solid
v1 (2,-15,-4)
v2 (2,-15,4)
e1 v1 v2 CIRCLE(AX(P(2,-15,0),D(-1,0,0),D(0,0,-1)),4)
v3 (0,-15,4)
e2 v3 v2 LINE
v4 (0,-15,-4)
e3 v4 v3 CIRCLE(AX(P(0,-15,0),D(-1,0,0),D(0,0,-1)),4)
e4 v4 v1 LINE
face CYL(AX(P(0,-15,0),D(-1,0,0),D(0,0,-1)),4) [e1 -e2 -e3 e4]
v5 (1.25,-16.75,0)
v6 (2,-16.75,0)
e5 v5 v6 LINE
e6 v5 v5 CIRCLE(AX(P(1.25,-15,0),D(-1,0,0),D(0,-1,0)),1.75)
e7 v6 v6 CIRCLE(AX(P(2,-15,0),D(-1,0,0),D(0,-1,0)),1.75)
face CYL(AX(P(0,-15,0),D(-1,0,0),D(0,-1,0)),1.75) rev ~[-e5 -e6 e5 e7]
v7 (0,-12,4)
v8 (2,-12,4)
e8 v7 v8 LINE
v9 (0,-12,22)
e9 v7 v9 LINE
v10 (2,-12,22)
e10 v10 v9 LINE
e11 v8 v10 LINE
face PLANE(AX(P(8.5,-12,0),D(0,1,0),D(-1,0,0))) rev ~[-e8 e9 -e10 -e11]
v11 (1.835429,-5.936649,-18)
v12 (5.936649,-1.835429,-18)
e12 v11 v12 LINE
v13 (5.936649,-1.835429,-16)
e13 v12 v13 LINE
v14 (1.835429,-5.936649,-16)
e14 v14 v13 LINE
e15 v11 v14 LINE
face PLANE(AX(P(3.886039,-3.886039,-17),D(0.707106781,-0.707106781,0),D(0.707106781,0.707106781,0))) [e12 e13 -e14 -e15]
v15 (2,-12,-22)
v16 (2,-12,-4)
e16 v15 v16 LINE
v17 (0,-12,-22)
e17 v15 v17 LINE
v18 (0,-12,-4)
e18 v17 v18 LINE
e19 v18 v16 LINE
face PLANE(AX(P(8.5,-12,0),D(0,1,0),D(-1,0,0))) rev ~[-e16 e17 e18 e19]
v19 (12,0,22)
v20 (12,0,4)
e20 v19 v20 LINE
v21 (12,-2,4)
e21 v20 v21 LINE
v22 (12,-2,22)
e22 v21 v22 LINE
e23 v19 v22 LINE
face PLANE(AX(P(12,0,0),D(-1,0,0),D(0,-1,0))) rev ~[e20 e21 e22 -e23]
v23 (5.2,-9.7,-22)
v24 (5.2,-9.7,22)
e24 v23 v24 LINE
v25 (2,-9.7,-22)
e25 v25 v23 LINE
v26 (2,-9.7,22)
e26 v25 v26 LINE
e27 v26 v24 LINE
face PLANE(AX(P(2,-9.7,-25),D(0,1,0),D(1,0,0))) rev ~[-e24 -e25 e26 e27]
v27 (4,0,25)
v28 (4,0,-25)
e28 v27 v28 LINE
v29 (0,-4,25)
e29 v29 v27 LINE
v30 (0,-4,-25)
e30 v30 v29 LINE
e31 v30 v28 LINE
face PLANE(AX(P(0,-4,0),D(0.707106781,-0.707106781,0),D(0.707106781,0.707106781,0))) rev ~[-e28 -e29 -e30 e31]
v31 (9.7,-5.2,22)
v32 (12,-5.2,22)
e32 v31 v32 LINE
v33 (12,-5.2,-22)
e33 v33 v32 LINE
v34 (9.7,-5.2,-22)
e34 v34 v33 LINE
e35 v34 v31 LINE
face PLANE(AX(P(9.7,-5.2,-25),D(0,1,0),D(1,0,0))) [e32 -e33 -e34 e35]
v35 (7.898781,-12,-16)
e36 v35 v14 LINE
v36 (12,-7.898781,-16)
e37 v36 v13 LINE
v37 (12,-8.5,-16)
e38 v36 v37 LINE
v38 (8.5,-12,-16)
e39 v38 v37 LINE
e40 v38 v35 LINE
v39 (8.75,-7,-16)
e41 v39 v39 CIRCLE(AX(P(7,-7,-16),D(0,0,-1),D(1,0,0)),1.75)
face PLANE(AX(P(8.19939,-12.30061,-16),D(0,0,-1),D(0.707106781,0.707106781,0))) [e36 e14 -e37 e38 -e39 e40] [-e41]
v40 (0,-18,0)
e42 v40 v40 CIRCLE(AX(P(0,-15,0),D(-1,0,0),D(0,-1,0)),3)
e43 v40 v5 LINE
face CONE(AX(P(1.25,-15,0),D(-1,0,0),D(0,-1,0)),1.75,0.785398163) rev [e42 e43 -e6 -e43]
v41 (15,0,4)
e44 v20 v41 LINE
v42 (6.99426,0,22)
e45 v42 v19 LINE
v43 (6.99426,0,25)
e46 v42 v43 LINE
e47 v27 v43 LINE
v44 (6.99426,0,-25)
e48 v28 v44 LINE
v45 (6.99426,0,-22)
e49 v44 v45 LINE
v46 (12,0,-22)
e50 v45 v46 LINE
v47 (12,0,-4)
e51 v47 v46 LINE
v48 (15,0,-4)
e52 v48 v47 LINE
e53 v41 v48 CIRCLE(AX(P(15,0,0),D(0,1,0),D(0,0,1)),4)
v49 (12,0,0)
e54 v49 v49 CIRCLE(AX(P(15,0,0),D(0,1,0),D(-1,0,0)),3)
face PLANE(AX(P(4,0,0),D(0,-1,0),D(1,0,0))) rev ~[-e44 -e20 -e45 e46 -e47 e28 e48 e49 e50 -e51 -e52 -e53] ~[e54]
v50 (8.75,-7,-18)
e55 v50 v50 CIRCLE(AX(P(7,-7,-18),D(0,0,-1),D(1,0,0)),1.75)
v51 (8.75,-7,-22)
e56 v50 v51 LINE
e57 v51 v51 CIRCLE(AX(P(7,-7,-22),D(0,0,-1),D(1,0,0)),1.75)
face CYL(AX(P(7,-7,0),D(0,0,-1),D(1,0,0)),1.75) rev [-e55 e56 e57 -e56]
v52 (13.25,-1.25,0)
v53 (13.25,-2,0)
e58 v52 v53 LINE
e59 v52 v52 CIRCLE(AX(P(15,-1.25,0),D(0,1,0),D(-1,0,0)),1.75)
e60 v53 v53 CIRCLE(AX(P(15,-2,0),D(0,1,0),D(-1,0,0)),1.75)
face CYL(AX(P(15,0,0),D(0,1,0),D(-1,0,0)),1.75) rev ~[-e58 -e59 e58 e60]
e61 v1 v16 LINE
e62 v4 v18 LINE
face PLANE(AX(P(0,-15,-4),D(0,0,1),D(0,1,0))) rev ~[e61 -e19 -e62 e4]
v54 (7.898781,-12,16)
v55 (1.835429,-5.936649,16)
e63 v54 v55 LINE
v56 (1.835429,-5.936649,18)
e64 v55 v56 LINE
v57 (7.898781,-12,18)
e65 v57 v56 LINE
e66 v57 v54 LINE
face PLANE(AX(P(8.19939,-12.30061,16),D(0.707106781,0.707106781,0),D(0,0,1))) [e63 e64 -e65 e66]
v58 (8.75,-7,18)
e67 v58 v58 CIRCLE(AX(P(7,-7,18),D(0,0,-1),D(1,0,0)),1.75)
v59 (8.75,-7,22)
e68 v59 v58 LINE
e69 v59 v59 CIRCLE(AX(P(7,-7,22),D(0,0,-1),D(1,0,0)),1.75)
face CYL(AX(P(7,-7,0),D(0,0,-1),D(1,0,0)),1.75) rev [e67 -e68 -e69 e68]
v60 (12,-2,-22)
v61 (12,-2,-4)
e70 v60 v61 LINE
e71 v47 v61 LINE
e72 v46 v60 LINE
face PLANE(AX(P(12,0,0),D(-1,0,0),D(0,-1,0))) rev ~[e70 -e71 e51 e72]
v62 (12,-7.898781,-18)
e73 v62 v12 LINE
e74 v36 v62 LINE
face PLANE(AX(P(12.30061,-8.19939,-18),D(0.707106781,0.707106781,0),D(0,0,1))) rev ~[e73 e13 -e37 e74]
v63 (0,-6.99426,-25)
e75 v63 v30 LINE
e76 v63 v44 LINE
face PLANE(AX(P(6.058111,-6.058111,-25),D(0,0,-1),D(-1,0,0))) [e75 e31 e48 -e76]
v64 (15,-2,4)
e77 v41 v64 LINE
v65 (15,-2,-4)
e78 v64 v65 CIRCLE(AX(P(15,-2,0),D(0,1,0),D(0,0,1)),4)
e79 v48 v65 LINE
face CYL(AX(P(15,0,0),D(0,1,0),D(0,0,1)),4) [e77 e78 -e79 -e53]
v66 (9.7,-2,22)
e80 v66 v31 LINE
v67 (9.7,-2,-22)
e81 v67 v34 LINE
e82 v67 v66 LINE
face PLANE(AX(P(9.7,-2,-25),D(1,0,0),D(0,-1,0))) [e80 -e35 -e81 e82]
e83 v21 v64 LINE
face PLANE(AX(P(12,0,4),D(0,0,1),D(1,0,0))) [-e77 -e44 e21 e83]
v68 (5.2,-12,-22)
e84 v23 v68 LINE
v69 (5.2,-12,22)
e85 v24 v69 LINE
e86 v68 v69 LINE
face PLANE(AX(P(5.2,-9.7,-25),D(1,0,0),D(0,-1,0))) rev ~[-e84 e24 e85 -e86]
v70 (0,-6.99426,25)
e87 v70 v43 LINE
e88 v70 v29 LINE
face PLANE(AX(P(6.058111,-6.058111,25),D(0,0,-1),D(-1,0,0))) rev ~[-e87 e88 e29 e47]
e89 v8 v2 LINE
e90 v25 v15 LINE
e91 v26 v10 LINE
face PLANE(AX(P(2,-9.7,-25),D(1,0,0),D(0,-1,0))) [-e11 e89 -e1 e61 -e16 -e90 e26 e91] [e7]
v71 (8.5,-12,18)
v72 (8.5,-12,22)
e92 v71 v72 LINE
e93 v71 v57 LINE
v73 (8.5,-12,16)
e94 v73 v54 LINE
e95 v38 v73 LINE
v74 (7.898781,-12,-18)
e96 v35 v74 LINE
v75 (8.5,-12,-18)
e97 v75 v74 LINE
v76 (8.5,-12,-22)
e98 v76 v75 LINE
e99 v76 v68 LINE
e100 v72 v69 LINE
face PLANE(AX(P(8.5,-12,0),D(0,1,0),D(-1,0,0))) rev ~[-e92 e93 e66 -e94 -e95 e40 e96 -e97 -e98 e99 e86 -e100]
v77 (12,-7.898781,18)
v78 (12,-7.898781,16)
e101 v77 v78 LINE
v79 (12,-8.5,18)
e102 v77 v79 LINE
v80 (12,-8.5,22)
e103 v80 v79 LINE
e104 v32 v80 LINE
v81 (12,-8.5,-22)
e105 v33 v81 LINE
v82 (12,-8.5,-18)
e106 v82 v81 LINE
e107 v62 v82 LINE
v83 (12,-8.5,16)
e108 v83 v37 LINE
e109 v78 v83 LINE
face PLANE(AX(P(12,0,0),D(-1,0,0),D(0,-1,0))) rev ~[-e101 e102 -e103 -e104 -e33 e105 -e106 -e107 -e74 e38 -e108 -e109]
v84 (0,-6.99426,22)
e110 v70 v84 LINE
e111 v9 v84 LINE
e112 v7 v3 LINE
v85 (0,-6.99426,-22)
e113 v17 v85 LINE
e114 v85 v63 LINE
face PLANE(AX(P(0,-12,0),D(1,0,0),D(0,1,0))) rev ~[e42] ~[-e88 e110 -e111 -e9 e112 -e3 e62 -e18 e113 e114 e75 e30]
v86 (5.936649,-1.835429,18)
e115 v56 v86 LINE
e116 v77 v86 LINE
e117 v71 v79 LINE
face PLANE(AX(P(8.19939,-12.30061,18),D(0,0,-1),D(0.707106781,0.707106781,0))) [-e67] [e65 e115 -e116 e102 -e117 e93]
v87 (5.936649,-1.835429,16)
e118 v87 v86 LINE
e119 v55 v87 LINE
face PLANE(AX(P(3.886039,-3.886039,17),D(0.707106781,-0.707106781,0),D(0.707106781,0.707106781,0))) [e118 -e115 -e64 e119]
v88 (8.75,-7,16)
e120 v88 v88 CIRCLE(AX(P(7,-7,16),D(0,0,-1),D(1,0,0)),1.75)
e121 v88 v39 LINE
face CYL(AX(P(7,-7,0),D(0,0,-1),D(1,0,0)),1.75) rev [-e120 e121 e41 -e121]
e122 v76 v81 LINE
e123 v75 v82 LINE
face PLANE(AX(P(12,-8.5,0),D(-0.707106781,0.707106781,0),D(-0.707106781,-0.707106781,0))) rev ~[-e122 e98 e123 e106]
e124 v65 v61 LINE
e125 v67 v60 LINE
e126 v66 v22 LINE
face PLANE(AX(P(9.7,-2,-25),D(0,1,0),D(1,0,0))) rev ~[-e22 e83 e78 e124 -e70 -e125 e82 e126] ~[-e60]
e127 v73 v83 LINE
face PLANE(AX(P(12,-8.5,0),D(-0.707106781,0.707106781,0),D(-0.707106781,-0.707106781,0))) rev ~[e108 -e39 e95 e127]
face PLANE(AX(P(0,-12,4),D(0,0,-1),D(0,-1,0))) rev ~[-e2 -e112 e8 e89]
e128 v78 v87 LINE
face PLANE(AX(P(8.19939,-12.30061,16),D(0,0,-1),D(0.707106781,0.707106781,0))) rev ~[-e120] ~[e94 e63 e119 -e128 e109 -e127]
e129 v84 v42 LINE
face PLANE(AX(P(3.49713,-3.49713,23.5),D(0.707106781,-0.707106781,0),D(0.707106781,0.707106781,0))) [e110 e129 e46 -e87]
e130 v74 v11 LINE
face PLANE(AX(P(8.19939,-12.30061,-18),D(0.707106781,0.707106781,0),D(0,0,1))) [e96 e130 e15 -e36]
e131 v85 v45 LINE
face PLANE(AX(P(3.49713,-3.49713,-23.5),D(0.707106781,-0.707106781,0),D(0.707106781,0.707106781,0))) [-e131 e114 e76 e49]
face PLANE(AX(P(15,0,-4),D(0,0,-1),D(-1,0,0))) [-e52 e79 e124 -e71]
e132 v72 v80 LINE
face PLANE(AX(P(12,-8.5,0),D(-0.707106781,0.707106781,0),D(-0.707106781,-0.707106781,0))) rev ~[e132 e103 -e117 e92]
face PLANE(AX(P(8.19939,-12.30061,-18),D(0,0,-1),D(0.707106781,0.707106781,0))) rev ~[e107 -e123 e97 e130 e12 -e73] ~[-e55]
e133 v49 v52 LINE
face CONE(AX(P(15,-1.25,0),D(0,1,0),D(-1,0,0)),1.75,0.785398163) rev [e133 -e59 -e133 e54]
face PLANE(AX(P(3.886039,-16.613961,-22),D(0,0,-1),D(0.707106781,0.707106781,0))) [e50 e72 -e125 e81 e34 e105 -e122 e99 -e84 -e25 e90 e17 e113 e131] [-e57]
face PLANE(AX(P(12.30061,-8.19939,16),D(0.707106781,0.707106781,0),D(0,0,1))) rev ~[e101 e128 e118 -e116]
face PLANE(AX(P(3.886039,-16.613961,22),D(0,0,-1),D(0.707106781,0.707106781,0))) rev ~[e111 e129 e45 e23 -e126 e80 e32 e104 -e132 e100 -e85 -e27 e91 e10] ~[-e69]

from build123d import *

# Parameters (mm, degrees)
SKETCH_R        = 1.75
PAD_DEPTH       = 25
SKETCH001_W     = 18
SKETCH001_H     = 3
POCKET_DEPTH    = 9.55
SKETCH002_W     = 5.8
SKETCH002_H     = 2
POCKET001_DEPTH = 9
SKETCH003_W     = 3.2
SKETCH003_H     = 2.3
SKETCH003_W_2   = 2.3
SKETCH003_H_2   = 3.2
POCKET002_DEPTH = 50.001
SKETCH004_R     = 1.75
PAD001_DEPTH    = 2
SKETCH005_R     = 1.75
PAD002_DEPTH    = 2
CHAMFER_SIZE    = 1.25


with BuildPart() as part:
    # Sketch → Pad (new body, symmetric)
    with BuildSketch(Plane.XY):
        Polygon((0, -4), (4, 0), (12, 0), (12, -8.5), (8.5, -12), (0, -12), align=None)
        with Locations((7, -7)):
            Circle(SKETCH_R, mode=Mode.SUBTRACT)
    extrude(amount=PAD_DEPTH, both=True)

    # Sketch001 (on Face4 of Pad) → Pocket (cut)
    with BuildSketch(Plane(origin=(10.25, -10.25, 0), x_dir=(0.707107, 0.707107, 0), z_dir=(0.707107, -0.707107, 0))):
        with Locations((0, 23.5)):
            Rectangle(SKETCH001_W, SKETCH001_H)
        with Locations((0, -23.5)):
            Rectangle(SKETCH001_W, SKETCH001_H)
    extrude(amount=-POCKET_DEPTH, mode=Mode.SUBTRACT)

    # Sketch002 (on Face12 of Pocket) → Pocket001 (cut)
    with BuildSketch(Plane(origin=(10.25, -10.25, 0), x_dir=(0.707107, 0.707107, 0), z_dir=(0.707107, -0.707107, 0))):
        with Locations((0, 17)):
            Rectangle(SKETCH002_W, SKETCH002_H)
        with Locations((0, -17)):
            Rectangle(SKETCH002_W, SKETCH002_H)
    extrude(amount=-POCKET001_DEPTH, mode=Mode.SUBTRACT)

    # Sketch003 (on Face4 of Pocket001) → Pocket002 (cut, through all)
    with BuildSketch(Plane(origin=(0, 0, -25), x_dir=(1, 0, 0), z_dir=(0, 0, -1))):
        with Locations((3.6, 10.85)):
            Rectangle(SKETCH003_W, SKETCH003_H)
        with Locations((10.85, 3.6)):
            Rectangle(SKETCH003_W_2, SKETCH003_H_2)
    extrude(amount=-POCKET002_DEPTH, mode=Mode.SUBTRACT)

    # Sketch004 (on Face2 of Pocket002) → Pad001 (join)
    with BuildSketch(Plane(origin=(0, 0, 0), x_dir=(0, -1, 0), z_dir=(-1, 0, 0))):
        with BuildLine():
            Line((12, 4), (15, 4))
            ThreePointArc((15, -4), (19, 0), (15, 4))
            Line((15, -4), (12, -4))
            Line((12, -4), (12, 4))
        make_face()
        with Locations((15, 0)):
            Circle(SKETCH004_R, mode=Mode.SUBTRACT)
    extrude(amount=-PAD001_DEPTH)

    # Sketch005 (on Face3 of Pad001) → Pad002 (join)
    with BuildSketch(Plane(origin=(0, 0, 0), x_dir=(-1, 0, 0), z_dir=(0, 1, 0))):
        with BuildLine():
            Line((-12, 4), (-15, 4))
            ThreePointArc((-15, 4), (-19, 0), (-15, -4))
            Line((-15, -4), (-12, -4))
            Line((-12, -4), (-12, 4))
        make_face()
        with Locations((-15, 0)):
            Circle(SKETCH005_R, mode=Mode.SUBTRACT)
    extrude(amount=-PAD002_DEPTH)

    # Chamfer
    chamfer_edges = [part.edges().sort_by_distance(p)[0] for p in [
        (16.75, 0, 0),
        (0, -13.25, 0),
    ]]
    chamfer(chamfer_edges, length=CHAMFER_SIZE)


solid = part.part
